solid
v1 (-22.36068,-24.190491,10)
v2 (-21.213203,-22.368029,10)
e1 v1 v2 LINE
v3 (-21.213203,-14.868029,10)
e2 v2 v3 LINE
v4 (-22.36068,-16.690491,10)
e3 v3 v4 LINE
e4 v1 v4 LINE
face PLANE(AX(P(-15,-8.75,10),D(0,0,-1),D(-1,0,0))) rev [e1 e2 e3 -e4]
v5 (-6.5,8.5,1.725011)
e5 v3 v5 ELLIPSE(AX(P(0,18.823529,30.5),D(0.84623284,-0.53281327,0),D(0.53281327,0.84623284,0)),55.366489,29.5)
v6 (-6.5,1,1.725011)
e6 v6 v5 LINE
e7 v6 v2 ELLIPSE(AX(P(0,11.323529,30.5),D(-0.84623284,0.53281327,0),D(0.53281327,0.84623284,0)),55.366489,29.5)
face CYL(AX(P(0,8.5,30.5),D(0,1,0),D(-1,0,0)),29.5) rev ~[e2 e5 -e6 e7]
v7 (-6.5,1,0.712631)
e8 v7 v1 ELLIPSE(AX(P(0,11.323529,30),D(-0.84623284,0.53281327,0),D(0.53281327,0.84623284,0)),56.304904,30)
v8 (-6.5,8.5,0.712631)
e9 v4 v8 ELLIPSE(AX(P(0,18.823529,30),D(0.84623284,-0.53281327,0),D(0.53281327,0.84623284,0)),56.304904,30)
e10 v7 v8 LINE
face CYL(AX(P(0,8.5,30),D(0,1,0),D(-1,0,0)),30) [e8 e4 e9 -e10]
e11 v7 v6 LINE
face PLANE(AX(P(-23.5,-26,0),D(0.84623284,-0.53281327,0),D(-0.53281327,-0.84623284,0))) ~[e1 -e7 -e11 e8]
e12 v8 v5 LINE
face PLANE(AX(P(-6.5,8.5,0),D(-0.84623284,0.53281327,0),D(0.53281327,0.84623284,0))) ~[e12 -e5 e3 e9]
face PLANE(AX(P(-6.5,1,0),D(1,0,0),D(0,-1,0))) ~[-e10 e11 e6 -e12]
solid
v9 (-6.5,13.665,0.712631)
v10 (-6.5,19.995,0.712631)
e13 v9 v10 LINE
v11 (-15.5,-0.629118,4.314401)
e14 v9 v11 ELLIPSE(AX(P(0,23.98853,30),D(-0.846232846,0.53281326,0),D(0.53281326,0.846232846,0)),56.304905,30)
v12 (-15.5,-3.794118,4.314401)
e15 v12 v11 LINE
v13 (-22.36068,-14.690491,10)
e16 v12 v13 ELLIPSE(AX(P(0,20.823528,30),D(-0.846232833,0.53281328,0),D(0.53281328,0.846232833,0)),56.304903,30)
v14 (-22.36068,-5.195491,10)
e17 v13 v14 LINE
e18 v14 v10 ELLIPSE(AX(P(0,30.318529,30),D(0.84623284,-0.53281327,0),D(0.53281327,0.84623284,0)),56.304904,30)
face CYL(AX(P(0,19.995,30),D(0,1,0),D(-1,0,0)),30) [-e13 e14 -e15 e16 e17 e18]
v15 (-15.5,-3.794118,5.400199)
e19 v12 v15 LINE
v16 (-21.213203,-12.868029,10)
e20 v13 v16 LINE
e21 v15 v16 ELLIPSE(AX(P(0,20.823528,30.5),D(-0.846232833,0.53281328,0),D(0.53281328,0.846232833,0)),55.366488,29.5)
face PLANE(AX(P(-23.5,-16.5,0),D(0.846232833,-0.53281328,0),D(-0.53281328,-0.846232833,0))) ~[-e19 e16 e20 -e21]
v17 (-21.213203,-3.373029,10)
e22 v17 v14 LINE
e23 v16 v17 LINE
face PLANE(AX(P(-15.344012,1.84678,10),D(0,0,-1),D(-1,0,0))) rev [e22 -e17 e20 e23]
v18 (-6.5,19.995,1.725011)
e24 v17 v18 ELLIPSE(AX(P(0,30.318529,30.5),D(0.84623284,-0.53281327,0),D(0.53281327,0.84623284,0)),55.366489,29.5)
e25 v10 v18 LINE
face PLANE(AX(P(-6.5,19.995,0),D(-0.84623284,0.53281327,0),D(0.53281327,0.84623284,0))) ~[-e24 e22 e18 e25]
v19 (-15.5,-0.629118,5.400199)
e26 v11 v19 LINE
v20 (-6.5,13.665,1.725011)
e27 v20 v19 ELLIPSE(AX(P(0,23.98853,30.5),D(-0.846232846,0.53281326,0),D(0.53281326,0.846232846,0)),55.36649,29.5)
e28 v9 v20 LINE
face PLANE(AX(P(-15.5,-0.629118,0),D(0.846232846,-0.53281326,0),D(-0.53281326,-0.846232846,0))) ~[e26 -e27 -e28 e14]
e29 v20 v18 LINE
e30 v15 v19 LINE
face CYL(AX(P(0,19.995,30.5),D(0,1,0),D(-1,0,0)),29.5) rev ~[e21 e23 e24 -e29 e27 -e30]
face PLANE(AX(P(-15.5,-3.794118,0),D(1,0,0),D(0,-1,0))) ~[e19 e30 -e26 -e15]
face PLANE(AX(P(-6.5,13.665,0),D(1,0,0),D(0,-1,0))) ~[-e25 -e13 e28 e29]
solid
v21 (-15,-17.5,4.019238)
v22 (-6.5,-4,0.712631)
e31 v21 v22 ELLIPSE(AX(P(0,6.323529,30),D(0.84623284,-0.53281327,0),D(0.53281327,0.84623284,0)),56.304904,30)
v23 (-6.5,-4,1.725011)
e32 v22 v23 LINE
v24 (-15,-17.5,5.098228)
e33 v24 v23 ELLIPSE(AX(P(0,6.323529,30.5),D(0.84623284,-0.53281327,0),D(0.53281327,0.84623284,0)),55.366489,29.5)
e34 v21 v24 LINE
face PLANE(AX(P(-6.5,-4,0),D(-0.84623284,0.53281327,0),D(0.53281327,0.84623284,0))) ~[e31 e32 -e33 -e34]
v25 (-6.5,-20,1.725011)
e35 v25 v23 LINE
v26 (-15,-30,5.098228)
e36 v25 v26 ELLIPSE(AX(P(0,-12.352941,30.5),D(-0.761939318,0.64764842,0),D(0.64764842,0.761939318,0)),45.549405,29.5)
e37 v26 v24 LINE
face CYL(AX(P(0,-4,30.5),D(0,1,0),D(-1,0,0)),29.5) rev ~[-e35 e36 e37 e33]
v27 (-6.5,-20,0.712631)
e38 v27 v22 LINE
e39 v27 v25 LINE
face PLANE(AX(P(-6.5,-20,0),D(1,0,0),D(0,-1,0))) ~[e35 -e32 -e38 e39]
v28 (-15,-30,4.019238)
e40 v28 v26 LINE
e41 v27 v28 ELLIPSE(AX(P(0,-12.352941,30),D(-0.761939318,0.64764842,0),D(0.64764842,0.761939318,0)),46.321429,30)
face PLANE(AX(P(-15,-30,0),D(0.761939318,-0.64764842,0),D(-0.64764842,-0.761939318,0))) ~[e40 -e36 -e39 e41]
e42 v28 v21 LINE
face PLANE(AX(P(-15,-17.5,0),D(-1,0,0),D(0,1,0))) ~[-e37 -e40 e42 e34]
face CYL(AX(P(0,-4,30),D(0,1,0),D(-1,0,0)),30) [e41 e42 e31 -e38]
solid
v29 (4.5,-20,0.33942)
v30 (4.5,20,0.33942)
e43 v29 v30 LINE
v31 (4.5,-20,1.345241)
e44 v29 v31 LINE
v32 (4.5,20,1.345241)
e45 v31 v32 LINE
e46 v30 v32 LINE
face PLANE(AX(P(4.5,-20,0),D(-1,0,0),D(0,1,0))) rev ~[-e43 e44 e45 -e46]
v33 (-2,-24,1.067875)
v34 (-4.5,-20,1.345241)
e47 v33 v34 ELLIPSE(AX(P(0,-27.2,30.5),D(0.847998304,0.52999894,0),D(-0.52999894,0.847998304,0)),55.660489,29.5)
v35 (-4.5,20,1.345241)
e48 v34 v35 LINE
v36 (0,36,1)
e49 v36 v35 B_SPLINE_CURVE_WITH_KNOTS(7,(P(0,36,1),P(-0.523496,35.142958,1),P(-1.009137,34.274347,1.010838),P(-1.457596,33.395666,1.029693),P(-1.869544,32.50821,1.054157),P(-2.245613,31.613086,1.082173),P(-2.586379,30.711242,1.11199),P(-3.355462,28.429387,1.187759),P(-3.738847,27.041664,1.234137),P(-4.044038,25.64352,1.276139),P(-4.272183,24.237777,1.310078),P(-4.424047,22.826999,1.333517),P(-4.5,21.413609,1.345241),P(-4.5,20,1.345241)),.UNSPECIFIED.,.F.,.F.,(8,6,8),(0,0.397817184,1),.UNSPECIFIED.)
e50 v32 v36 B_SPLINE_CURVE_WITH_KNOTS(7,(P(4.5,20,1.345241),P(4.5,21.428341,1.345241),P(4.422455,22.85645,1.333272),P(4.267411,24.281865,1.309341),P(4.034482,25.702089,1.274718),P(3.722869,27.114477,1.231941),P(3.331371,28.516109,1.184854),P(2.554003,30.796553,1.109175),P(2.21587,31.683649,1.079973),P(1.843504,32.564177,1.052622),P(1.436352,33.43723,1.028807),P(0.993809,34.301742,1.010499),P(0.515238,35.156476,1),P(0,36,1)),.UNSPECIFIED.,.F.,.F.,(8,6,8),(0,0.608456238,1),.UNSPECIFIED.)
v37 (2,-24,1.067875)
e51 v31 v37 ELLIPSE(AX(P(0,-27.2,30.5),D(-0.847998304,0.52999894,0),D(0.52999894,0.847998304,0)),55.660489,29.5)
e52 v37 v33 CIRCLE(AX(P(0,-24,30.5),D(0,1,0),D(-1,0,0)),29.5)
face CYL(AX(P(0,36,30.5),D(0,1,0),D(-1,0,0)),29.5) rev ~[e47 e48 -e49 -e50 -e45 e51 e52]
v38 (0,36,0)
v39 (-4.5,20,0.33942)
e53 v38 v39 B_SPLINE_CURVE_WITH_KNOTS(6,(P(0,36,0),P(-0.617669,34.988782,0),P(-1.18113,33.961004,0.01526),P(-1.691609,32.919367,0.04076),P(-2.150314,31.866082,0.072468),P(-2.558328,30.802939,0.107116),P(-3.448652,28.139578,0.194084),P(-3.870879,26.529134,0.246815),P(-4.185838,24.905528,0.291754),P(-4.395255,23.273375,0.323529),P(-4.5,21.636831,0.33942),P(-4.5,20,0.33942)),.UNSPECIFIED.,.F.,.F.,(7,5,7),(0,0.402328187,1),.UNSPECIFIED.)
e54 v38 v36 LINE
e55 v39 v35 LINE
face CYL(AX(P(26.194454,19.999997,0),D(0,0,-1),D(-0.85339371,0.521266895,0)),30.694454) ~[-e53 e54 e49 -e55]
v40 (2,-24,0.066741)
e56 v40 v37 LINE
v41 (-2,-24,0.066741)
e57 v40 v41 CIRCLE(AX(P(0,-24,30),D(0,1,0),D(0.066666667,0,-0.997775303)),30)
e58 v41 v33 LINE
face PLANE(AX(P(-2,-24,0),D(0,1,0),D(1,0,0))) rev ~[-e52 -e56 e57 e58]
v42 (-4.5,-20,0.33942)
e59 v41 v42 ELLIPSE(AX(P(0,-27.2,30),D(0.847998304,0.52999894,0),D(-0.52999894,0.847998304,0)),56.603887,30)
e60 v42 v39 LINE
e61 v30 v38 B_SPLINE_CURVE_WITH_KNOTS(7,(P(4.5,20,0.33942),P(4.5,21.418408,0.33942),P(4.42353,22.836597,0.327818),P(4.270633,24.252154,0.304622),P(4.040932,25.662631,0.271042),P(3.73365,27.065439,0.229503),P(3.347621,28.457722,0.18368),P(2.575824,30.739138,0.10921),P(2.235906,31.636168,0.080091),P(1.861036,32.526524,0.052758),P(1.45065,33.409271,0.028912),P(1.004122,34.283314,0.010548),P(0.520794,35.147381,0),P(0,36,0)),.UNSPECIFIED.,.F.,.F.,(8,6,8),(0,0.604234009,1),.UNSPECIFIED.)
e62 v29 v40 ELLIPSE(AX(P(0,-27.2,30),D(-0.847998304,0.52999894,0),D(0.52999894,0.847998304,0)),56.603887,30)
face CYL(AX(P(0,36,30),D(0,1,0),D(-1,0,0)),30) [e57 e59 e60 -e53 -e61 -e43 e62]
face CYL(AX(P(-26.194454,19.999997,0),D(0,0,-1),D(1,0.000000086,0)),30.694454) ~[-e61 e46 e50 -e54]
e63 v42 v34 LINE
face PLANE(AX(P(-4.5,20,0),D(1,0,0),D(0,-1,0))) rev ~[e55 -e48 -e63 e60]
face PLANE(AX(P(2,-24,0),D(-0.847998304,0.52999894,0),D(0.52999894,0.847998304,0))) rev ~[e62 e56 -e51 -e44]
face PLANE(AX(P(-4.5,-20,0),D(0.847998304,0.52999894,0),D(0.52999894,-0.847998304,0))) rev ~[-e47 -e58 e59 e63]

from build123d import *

# Parameters (mm, degrees)
PAD_DEPTH       = 10
SKETCH005_R     = 39.820196
SKETCH005_R_2   = 30
POCKET_DEPTH    = 60.001
SKETCH006_R     = 29.5
POCKET001_DEPTH = 60.001
PAD001_DEPTH    = 10
SKETCH007_R     = 41.392108
SKETCH007_R_2   = 30
POCKET002_DEPTH = 26.001
SKETCH008_R     = 29.5
POCKET003_DEPTH = 26.001
PAD002_DEPTH    = 10
SKETCH009_R     = 40.247183
SKETCH009_R_2   = 30
POCKET004_DEPTH = 34.501
SKETCH010_R     = 29.5
POCKET005_DEPTH = 32.691491
PAD003_DEPTH    = 10
SKETCH011_R     = 39.292354
SKETCH011_R_2   = 30
POCKET006_DEPTH = 36.496
SKETCH012_R     = 29.5
POCKET007_DEPTH = 34.686491


with BuildPart() as main_body:
    # Sketch → Pad (new body)
    with BuildSketch(Plane.XY):
        with BuildLine():
            Line((-4.5, 20), (-4.5, -20))
            Line((-4.5, -20), (-2, -24))
            Line((-2, -24), (2, -24))
            Line((2, -24), (4.5, -20))
            Line((4.5, -20), (4.5, 20))
            ThreePointArc((4.5, 20), (3.353591, 28.310385), (0, 36))
            ThreePointArc((0, 36), (-3.353591, 28.310385), (-4.5, 20))
        make_face()
    extrude(amount=PAD_DEPTH)

    # Sketch005 (on DatumPlane) → Pocket (cut, through all)
    with BuildSketch(Plane(origin=(0, 36, 0), x_dir=(-1, 0, 0), z_dir=(0, 1, 0))):
        with Locations((0, 30)):
            Circle(SKETCH005_R)
        with Locations((0, 30)):
            Circle(SKETCH005_R_2, mode=Mode.SUBTRACT)
    extrude(amount=-POCKET_DEPTH, mode=Mode.SUBTRACT)

    # Sketch006 (on DatumPlane) → Pocket001 (cut, through all)
    with BuildSketch(Plane(origin=(0, 36, 0), x_dir=(-1, 0, 0), z_dir=(0, 1, 0))):
        with Locations((0, 30.5)):
            Circle(SKETCH006_R)
    extrude(amount=-POCKET001_DEPTH, mode=Mode.SUBTRACT)


with BuildPart() as body004:
    # Sketch001 → Pad001 (new body)
    with BuildSketch(Plane.XY):
        Polygon((6.5, -20), (6.5, -4), (15, -17.5), (15, -30), align=None)
    extrude(amount=PAD001_DEPTH)

    # Sketch007 (on DatumPlane) → Pocket002 (cut, through all)
    with BuildSketch(Plane(origin=(6.5, -4, 0), x_dir=(1, 0, 0), z_dir=(0, -1, 0))):
        with Locations((-6.5, 30)):
            Circle(SKETCH007_R)
        with Locations((-6.5, 30)):
            Circle(SKETCH007_R_2, mode=Mode.SUBTRACT)
    extrude(amount=POCKET002_DEPTH, mode=Mode.SUBTRACT)

    # Sketch008 (on DatumPlane) → Pocket003 (cut, through all)
    with BuildSketch(Plane(origin=(6.5, -4, 0), x_dir=(1, 0, 0), z_dir=(0, -1, 0))):
        with Locations((-6.5, 30.5)):
            Circle(SKETCH008_R)
    extrude(amount=POCKET003_DEPTH, mode=Mode.SUBTRACT)


with BuildPart() as lower_left_wing:
    # Part__Mirroring: instance of Body004
    add(body004.part.mirror(Plane(origin=(0, 0, 0), x_dir=(0, -1, 0), z_dir=(1, 0, 0))))


with BuildPart() as body005:
    # Sketch002 → Pad002 (new body)
    with BuildSketch(Plane.XY):
        Polygon((6.5, 1), (6.5, 8.5), (23.5, -18.5), (23.5, -26), align=None)
    extrude(amount=PAD002_DEPTH)

    # Sketch009 (on DatumPlane) → Pocket004 (cut, through all)
    with BuildSketch(Plane(origin=(6.5, 8.5, 0), x_dir=(1, 0, 0), z_dir=(0, -1, 0))):
        with Locations((-6.5, 30)):
            Circle(SKETCH009_R)
        with Locations((-6.5, 30)):
            Circle(SKETCH009_R_2, mode=Mode.SUBTRACT)
    extrude(amount=POCKET004_DEPTH, mode=Mode.SUBTRACT)

    # Sketch010 (on DatumPlane) → Pocket005 (cut, through all)
    with BuildSketch(Plane(origin=(6.5, 8.5, 0), x_dir=(1, 0, 0), z_dir=(0, -1, 0))):
        with Locations((-6.5, 30.5)):
            Circle(SKETCH010_R)
    extrude(amount=POCKET005_DEPTH, mode=Mode.SUBTRACT)


with BuildPart() as mid_left_wing:
    # Part__Mirroring001: instance of Body005
    add(body005.part.mirror(Plane(origin=(0, 0, 0), x_dir=(0, -1, 0), z_dir=(1, 0, 0))))


with BuildPart() as body006:
    # Sketch003 → Pad003 (new body)
    with BuildSketch(Plane.XY):
        Polygon((6.5, 13.665), (6.5, 19.995), (23.5, -7.005), (23.5, -16.5), (15.5, -3.794118), (15.5, -0.629118), align=None)
    extrude(amount=PAD003_DEPTH)

    # Sketch011 (on DatumPlane) → Pocket006 (cut, through all)
    with BuildSketch(Plane(origin=(6.5, 19.995, 0), x_dir=(1, 0, 0), z_dir=(0, -1, 0))):
        with Locations((-6.5, 30)):
            Circle(SKETCH011_R)
        with Locations((-6.5, 30)):
            Circle(SKETCH011_R_2, mode=Mode.SUBTRACT)
    extrude(amount=POCKET006_DEPTH, mode=Mode.SUBTRACT)

    # Sketch012 (on DatumPlane) → Pocket007 (cut, through all)
    with BuildSketch(Plane(origin=(6.5, 19.995, 0), x_dir=(1, 0, 0), z_dir=(0, -1, 0))):
        with Locations((-6.5, 30.5)):
            Circle(SKETCH012_R)
    extrude(amount=POCKET007_DEPTH, mode=Mode.SUBTRACT)


with BuildPart() as upper_left_wing:
    # Part__Mirroring002: instance of Body006
    add(body006.part.mirror(Plane(origin=(0, 0, 0), x_dir=(0, -1, 0), z_dir=(1, 0, 0))))


solid = Compound([main_body.part, lower_left_wing.part, mid_left_wing.part, upper_left_wing.part])
